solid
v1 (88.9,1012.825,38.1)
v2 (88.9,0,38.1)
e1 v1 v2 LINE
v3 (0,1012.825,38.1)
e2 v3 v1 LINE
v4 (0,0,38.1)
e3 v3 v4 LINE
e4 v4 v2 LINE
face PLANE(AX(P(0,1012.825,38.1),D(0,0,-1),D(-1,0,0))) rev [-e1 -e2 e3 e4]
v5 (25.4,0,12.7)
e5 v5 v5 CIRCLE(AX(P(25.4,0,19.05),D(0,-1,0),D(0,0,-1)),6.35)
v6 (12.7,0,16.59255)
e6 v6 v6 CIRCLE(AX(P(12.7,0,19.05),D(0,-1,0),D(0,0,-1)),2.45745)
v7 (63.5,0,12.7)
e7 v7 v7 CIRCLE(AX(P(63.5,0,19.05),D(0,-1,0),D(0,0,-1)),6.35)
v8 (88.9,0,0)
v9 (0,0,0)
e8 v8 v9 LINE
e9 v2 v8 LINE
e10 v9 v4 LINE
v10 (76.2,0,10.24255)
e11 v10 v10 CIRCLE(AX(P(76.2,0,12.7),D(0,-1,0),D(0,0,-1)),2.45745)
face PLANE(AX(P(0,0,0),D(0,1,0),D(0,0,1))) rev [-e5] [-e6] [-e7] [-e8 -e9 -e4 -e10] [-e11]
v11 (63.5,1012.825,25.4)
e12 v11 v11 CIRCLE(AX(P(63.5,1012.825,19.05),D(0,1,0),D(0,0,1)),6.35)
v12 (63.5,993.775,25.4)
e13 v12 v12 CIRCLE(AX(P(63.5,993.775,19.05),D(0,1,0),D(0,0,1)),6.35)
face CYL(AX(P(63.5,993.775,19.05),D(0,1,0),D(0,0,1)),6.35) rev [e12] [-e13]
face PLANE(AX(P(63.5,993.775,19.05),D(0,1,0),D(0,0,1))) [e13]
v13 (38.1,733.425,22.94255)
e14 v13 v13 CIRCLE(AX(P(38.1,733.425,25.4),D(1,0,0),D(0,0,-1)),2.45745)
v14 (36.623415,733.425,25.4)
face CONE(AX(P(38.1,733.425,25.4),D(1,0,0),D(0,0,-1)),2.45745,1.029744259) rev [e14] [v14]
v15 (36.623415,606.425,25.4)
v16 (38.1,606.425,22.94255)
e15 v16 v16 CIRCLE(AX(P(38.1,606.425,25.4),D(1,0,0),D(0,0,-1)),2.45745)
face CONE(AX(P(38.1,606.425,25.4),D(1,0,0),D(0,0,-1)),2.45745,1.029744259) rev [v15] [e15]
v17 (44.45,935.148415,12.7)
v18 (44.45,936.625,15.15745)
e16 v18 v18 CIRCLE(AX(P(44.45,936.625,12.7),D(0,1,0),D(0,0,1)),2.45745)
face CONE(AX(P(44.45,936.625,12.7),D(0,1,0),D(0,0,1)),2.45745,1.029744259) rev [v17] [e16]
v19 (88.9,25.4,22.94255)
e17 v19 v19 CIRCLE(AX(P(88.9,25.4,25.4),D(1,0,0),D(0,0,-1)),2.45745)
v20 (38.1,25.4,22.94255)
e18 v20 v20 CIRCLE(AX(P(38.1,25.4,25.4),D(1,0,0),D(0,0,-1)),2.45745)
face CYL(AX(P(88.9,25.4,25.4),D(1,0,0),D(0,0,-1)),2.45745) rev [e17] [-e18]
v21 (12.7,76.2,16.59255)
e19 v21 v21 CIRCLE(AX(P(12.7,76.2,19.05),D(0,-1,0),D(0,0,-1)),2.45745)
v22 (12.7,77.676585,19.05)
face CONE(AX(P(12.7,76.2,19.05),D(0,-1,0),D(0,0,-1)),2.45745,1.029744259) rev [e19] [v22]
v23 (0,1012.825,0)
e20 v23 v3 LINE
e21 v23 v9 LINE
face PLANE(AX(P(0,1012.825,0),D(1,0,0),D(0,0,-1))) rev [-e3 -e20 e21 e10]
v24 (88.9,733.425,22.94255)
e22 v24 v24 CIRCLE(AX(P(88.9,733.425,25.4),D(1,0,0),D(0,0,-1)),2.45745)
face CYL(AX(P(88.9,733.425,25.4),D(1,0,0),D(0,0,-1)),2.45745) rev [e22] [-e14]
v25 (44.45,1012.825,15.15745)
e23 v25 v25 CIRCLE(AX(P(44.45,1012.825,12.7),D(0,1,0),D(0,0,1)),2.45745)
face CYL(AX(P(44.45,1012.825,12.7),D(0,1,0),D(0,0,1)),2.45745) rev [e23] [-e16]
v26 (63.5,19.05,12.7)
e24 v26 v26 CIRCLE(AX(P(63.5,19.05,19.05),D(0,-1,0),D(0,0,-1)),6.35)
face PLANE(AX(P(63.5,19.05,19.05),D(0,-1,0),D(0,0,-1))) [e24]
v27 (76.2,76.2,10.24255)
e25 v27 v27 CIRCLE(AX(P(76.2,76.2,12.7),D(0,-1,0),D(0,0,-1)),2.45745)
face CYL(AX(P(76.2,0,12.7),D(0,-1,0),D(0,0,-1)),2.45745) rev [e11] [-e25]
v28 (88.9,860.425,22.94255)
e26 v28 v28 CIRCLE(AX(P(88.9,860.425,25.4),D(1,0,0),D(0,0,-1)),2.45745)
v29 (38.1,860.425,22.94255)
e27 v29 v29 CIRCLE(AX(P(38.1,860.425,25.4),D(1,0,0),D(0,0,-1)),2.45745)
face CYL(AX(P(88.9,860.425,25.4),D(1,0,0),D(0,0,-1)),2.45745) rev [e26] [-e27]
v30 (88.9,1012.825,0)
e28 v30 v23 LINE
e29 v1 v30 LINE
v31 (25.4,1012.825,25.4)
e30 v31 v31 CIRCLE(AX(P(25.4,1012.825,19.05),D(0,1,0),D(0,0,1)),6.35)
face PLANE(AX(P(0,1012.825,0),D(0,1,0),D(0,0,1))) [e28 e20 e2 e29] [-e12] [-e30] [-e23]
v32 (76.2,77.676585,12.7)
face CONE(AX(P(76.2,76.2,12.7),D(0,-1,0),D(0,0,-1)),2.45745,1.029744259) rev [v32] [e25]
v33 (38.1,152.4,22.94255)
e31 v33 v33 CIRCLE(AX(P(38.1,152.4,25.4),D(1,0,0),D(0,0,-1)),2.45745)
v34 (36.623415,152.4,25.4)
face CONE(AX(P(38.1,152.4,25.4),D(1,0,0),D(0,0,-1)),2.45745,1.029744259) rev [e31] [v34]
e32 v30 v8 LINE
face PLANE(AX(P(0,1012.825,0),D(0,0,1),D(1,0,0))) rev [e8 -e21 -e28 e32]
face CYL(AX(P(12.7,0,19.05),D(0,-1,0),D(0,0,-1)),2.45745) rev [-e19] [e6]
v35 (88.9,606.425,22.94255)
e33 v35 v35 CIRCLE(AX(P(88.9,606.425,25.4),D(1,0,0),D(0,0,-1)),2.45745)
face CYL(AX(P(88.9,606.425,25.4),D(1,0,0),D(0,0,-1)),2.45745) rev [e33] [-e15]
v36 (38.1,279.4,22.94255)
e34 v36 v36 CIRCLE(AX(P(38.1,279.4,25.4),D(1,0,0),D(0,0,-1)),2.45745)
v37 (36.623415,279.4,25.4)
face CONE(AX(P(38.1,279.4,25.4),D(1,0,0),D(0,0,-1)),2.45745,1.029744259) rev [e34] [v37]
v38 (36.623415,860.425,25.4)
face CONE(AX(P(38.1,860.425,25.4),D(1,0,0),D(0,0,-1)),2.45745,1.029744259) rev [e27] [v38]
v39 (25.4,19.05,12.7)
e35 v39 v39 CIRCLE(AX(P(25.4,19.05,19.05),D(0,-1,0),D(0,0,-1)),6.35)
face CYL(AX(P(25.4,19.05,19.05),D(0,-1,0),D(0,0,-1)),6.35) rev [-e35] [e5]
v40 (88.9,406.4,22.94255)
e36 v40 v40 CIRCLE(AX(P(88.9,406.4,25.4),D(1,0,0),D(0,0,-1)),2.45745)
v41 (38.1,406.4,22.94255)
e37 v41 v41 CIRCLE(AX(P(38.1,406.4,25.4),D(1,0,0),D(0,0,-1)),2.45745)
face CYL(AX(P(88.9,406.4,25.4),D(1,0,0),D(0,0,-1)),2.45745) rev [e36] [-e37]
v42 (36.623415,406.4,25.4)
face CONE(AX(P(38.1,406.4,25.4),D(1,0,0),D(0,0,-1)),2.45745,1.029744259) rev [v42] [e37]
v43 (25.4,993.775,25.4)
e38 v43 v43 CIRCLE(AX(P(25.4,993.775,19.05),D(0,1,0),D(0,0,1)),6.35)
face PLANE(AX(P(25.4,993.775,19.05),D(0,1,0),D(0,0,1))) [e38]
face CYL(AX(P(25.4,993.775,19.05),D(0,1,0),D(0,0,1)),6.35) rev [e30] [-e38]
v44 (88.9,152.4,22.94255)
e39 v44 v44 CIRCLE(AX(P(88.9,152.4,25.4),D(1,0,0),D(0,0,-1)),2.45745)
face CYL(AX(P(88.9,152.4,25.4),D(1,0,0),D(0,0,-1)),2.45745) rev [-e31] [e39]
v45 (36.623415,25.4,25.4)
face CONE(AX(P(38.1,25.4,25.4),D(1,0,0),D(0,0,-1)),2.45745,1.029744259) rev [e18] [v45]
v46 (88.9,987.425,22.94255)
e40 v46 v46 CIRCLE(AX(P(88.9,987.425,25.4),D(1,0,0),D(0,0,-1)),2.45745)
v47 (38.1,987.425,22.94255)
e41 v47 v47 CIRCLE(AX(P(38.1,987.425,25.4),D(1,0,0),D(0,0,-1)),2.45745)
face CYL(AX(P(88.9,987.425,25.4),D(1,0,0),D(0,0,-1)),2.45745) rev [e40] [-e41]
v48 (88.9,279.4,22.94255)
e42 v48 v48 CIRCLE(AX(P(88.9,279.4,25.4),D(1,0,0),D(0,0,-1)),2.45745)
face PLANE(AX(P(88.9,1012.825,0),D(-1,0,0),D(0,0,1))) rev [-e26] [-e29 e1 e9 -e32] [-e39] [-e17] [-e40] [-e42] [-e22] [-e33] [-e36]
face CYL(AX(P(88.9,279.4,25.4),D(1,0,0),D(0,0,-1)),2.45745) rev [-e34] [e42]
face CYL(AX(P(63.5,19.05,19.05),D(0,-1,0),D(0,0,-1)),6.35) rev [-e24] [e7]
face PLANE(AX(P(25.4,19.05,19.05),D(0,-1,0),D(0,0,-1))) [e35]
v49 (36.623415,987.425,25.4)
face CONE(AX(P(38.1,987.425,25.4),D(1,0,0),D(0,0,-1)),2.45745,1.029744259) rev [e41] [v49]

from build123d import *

# Parameters (mm, degrees)
SKETCH1_W                                  = 88.9
SKETCH1_H                                  = 38.1
BOSS_EXTRUDE1_DEPTH                        = 1012.825
SKETCH2_R                                  = 6.35
CUT_EXTRUDE1_DEPTH                         = 19.05
SKETCH3_R                                  = 6.35
CUT_EXTRUDE2_DEPTH                         = 19.05
F_10_0_1935_DIAMETER_HOLE1_D               = 4.9149
F_10_0_1935_DIAMETER_HOLE1_DEPTH           = 76.2
F_10_0_1935_DIAMETER_HOLE1_TIP             = 1.476584928
F_10_0_1935_DIAMETER_HOLE1_ON_FACE_2_D     = 4.9149
F_10_0_1935_DIAMETER_HOLE1_ON_FACE_2_DEPTH = 76.2
F_10_0_1935_DIAMETER_HOLE1_ON_FACE_2_TIP   = 1.476584928
F_10_0_1935_DIAMETER_HOLE2_D               = 4.9149
F_10_0_1935_DIAMETER_HOLE2_DEPTH           = 50.8
F_10_0_1935_DIAMETER_HOLE2_TIP             = 1.476584928


with BuildPart() as part:
    # Sketch1 → Boss-Extrude1 (new body)
    with BuildSketch(Plane(origin=(0, 0, 0), x_dir=(1, 0, 0), z_dir=(0, 1, 0))):
        with Locations((44.45, -19.05)):
            Rectangle(SKETCH1_W, SKETCH1_H)
    extrude(amount=BOSS_EXTRUDE1_DEPTH)

    # Sketch2 → Cut-Extrude1 (cut)
    with BuildSketch(Plane(origin=(0, 1012.825, 0), x_dir=(1, 0, 0), z_dir=(0, 1, 0))):
        with Locations((25.4, -19.05)):
            Circle(SKETCH2_R)
        with Locations((63.5, -19.05)):
            Circle(SKETCH2_R)
    extrude(amount=-CUT_EXTRUDE1_DEPTH, mode=Mode.SUBTRACT)

    # Sketch3 → Cut-Extrude2 (cut)
    with BuildSketch(Plane.XZ):
        with Locations((25.4, 19.05)):
            Circle(SKETCH3_R)
        with Locations((63.5, 19.05)):
            Circle(SKETCH3_R)
    extrude(amount=-CUT_EXTRUDE2_DEPTH, mode=Mode.SUBTRACT)

    # #10 (0.1935) Diameter Hole1
    with Locations(Plane(origin=(44.45, 1012.825, 12.7), x_dir=(0, 0, 1), z_dir=(0, 1, 0))):
        with Locations((0, 0)):
            Hole(F_10_0_1935_DIAMETER_HOLE1_D / 2, depth=F_10_0_1935_DIAMETER_HOLE1_DEPTH)
            with Locations((0, 0, -(F_10_0_1935_DIAMETER_HOLE1_DEPTH + F_10_0_1935_DIAMETER_HOLE1_TIP / 2))):  # 118° drill point
                Cone(0, F_10_0_1935_DIAMETER_HOLE1_D / 2, F_10_0_1935_DIAMETER_HOLE1_TIP, mode=Mode.SUBTRACT)

    # #10 (0.1935) Diameter Hole1 on face 2
    with Locations(Plane(origin=(12.7, 0, 19.05), x_dir=(0, 0, -1), z_dir=(0, -1, 0))):
        with Locations((0, 0), (6.35, 63.5)):
            Hole(F_10_0_1935_DIAMETER_HOLE1_ON_FACE_2_D / 2, depth=F_10_0_1935_DIAMETER_HOLE1_ON_FACE_2_DEPTH)
            with Locations((0, 0, -(F_10_0_1935_DIAMETER_HOLE1_ON_FACE_2_DEPTH + F_10_0_1935_DIAMETER_HOLE1_ON_FACE_2_TIP / 2))):  # 118° drill point
                Cone(0, F_10_0_1935_DIAMETER_HOLE1_ON_FACE_2_D / 2, F_10_0_1935_DIAMETER_HOLE1_ON_FACE_2_TIP, mode=Mode.SUBTRACT)

    # #10 (0.1935) Diameter Hole2
    with Locations(Plane(origin=(88.9, 987.425, 25.4), x_dir=(0, 0, 1), z_dir=(1, 0, 0))):
        with Locations((0, 0), (0, 127), (0, 254), (0, 381), (0, 581.025), (0, 708.025), (0, 835.025), (0, 962.025)):
            Hole(F_10_0_1935_DIAMETER_HOLE2_D / 2, depth=F_10_0_1935_DIAMETER_HOLE2_DEPTH)
            with Locations((0, 0, -(F_10_0_1935_DIAMETER_HOLE2_DEPTH + F_10_0_1935_DIAMETER_HOLE2_TIP / 2))):  # 118° drill point
                Cone(0, F_10_0_1935_DIAMETER_HOLE2_D / 2, F_10_0_1935_DIAMETER_HOLE2_TIP, mode=Mode.SUBTRACT)


solid = part.part
